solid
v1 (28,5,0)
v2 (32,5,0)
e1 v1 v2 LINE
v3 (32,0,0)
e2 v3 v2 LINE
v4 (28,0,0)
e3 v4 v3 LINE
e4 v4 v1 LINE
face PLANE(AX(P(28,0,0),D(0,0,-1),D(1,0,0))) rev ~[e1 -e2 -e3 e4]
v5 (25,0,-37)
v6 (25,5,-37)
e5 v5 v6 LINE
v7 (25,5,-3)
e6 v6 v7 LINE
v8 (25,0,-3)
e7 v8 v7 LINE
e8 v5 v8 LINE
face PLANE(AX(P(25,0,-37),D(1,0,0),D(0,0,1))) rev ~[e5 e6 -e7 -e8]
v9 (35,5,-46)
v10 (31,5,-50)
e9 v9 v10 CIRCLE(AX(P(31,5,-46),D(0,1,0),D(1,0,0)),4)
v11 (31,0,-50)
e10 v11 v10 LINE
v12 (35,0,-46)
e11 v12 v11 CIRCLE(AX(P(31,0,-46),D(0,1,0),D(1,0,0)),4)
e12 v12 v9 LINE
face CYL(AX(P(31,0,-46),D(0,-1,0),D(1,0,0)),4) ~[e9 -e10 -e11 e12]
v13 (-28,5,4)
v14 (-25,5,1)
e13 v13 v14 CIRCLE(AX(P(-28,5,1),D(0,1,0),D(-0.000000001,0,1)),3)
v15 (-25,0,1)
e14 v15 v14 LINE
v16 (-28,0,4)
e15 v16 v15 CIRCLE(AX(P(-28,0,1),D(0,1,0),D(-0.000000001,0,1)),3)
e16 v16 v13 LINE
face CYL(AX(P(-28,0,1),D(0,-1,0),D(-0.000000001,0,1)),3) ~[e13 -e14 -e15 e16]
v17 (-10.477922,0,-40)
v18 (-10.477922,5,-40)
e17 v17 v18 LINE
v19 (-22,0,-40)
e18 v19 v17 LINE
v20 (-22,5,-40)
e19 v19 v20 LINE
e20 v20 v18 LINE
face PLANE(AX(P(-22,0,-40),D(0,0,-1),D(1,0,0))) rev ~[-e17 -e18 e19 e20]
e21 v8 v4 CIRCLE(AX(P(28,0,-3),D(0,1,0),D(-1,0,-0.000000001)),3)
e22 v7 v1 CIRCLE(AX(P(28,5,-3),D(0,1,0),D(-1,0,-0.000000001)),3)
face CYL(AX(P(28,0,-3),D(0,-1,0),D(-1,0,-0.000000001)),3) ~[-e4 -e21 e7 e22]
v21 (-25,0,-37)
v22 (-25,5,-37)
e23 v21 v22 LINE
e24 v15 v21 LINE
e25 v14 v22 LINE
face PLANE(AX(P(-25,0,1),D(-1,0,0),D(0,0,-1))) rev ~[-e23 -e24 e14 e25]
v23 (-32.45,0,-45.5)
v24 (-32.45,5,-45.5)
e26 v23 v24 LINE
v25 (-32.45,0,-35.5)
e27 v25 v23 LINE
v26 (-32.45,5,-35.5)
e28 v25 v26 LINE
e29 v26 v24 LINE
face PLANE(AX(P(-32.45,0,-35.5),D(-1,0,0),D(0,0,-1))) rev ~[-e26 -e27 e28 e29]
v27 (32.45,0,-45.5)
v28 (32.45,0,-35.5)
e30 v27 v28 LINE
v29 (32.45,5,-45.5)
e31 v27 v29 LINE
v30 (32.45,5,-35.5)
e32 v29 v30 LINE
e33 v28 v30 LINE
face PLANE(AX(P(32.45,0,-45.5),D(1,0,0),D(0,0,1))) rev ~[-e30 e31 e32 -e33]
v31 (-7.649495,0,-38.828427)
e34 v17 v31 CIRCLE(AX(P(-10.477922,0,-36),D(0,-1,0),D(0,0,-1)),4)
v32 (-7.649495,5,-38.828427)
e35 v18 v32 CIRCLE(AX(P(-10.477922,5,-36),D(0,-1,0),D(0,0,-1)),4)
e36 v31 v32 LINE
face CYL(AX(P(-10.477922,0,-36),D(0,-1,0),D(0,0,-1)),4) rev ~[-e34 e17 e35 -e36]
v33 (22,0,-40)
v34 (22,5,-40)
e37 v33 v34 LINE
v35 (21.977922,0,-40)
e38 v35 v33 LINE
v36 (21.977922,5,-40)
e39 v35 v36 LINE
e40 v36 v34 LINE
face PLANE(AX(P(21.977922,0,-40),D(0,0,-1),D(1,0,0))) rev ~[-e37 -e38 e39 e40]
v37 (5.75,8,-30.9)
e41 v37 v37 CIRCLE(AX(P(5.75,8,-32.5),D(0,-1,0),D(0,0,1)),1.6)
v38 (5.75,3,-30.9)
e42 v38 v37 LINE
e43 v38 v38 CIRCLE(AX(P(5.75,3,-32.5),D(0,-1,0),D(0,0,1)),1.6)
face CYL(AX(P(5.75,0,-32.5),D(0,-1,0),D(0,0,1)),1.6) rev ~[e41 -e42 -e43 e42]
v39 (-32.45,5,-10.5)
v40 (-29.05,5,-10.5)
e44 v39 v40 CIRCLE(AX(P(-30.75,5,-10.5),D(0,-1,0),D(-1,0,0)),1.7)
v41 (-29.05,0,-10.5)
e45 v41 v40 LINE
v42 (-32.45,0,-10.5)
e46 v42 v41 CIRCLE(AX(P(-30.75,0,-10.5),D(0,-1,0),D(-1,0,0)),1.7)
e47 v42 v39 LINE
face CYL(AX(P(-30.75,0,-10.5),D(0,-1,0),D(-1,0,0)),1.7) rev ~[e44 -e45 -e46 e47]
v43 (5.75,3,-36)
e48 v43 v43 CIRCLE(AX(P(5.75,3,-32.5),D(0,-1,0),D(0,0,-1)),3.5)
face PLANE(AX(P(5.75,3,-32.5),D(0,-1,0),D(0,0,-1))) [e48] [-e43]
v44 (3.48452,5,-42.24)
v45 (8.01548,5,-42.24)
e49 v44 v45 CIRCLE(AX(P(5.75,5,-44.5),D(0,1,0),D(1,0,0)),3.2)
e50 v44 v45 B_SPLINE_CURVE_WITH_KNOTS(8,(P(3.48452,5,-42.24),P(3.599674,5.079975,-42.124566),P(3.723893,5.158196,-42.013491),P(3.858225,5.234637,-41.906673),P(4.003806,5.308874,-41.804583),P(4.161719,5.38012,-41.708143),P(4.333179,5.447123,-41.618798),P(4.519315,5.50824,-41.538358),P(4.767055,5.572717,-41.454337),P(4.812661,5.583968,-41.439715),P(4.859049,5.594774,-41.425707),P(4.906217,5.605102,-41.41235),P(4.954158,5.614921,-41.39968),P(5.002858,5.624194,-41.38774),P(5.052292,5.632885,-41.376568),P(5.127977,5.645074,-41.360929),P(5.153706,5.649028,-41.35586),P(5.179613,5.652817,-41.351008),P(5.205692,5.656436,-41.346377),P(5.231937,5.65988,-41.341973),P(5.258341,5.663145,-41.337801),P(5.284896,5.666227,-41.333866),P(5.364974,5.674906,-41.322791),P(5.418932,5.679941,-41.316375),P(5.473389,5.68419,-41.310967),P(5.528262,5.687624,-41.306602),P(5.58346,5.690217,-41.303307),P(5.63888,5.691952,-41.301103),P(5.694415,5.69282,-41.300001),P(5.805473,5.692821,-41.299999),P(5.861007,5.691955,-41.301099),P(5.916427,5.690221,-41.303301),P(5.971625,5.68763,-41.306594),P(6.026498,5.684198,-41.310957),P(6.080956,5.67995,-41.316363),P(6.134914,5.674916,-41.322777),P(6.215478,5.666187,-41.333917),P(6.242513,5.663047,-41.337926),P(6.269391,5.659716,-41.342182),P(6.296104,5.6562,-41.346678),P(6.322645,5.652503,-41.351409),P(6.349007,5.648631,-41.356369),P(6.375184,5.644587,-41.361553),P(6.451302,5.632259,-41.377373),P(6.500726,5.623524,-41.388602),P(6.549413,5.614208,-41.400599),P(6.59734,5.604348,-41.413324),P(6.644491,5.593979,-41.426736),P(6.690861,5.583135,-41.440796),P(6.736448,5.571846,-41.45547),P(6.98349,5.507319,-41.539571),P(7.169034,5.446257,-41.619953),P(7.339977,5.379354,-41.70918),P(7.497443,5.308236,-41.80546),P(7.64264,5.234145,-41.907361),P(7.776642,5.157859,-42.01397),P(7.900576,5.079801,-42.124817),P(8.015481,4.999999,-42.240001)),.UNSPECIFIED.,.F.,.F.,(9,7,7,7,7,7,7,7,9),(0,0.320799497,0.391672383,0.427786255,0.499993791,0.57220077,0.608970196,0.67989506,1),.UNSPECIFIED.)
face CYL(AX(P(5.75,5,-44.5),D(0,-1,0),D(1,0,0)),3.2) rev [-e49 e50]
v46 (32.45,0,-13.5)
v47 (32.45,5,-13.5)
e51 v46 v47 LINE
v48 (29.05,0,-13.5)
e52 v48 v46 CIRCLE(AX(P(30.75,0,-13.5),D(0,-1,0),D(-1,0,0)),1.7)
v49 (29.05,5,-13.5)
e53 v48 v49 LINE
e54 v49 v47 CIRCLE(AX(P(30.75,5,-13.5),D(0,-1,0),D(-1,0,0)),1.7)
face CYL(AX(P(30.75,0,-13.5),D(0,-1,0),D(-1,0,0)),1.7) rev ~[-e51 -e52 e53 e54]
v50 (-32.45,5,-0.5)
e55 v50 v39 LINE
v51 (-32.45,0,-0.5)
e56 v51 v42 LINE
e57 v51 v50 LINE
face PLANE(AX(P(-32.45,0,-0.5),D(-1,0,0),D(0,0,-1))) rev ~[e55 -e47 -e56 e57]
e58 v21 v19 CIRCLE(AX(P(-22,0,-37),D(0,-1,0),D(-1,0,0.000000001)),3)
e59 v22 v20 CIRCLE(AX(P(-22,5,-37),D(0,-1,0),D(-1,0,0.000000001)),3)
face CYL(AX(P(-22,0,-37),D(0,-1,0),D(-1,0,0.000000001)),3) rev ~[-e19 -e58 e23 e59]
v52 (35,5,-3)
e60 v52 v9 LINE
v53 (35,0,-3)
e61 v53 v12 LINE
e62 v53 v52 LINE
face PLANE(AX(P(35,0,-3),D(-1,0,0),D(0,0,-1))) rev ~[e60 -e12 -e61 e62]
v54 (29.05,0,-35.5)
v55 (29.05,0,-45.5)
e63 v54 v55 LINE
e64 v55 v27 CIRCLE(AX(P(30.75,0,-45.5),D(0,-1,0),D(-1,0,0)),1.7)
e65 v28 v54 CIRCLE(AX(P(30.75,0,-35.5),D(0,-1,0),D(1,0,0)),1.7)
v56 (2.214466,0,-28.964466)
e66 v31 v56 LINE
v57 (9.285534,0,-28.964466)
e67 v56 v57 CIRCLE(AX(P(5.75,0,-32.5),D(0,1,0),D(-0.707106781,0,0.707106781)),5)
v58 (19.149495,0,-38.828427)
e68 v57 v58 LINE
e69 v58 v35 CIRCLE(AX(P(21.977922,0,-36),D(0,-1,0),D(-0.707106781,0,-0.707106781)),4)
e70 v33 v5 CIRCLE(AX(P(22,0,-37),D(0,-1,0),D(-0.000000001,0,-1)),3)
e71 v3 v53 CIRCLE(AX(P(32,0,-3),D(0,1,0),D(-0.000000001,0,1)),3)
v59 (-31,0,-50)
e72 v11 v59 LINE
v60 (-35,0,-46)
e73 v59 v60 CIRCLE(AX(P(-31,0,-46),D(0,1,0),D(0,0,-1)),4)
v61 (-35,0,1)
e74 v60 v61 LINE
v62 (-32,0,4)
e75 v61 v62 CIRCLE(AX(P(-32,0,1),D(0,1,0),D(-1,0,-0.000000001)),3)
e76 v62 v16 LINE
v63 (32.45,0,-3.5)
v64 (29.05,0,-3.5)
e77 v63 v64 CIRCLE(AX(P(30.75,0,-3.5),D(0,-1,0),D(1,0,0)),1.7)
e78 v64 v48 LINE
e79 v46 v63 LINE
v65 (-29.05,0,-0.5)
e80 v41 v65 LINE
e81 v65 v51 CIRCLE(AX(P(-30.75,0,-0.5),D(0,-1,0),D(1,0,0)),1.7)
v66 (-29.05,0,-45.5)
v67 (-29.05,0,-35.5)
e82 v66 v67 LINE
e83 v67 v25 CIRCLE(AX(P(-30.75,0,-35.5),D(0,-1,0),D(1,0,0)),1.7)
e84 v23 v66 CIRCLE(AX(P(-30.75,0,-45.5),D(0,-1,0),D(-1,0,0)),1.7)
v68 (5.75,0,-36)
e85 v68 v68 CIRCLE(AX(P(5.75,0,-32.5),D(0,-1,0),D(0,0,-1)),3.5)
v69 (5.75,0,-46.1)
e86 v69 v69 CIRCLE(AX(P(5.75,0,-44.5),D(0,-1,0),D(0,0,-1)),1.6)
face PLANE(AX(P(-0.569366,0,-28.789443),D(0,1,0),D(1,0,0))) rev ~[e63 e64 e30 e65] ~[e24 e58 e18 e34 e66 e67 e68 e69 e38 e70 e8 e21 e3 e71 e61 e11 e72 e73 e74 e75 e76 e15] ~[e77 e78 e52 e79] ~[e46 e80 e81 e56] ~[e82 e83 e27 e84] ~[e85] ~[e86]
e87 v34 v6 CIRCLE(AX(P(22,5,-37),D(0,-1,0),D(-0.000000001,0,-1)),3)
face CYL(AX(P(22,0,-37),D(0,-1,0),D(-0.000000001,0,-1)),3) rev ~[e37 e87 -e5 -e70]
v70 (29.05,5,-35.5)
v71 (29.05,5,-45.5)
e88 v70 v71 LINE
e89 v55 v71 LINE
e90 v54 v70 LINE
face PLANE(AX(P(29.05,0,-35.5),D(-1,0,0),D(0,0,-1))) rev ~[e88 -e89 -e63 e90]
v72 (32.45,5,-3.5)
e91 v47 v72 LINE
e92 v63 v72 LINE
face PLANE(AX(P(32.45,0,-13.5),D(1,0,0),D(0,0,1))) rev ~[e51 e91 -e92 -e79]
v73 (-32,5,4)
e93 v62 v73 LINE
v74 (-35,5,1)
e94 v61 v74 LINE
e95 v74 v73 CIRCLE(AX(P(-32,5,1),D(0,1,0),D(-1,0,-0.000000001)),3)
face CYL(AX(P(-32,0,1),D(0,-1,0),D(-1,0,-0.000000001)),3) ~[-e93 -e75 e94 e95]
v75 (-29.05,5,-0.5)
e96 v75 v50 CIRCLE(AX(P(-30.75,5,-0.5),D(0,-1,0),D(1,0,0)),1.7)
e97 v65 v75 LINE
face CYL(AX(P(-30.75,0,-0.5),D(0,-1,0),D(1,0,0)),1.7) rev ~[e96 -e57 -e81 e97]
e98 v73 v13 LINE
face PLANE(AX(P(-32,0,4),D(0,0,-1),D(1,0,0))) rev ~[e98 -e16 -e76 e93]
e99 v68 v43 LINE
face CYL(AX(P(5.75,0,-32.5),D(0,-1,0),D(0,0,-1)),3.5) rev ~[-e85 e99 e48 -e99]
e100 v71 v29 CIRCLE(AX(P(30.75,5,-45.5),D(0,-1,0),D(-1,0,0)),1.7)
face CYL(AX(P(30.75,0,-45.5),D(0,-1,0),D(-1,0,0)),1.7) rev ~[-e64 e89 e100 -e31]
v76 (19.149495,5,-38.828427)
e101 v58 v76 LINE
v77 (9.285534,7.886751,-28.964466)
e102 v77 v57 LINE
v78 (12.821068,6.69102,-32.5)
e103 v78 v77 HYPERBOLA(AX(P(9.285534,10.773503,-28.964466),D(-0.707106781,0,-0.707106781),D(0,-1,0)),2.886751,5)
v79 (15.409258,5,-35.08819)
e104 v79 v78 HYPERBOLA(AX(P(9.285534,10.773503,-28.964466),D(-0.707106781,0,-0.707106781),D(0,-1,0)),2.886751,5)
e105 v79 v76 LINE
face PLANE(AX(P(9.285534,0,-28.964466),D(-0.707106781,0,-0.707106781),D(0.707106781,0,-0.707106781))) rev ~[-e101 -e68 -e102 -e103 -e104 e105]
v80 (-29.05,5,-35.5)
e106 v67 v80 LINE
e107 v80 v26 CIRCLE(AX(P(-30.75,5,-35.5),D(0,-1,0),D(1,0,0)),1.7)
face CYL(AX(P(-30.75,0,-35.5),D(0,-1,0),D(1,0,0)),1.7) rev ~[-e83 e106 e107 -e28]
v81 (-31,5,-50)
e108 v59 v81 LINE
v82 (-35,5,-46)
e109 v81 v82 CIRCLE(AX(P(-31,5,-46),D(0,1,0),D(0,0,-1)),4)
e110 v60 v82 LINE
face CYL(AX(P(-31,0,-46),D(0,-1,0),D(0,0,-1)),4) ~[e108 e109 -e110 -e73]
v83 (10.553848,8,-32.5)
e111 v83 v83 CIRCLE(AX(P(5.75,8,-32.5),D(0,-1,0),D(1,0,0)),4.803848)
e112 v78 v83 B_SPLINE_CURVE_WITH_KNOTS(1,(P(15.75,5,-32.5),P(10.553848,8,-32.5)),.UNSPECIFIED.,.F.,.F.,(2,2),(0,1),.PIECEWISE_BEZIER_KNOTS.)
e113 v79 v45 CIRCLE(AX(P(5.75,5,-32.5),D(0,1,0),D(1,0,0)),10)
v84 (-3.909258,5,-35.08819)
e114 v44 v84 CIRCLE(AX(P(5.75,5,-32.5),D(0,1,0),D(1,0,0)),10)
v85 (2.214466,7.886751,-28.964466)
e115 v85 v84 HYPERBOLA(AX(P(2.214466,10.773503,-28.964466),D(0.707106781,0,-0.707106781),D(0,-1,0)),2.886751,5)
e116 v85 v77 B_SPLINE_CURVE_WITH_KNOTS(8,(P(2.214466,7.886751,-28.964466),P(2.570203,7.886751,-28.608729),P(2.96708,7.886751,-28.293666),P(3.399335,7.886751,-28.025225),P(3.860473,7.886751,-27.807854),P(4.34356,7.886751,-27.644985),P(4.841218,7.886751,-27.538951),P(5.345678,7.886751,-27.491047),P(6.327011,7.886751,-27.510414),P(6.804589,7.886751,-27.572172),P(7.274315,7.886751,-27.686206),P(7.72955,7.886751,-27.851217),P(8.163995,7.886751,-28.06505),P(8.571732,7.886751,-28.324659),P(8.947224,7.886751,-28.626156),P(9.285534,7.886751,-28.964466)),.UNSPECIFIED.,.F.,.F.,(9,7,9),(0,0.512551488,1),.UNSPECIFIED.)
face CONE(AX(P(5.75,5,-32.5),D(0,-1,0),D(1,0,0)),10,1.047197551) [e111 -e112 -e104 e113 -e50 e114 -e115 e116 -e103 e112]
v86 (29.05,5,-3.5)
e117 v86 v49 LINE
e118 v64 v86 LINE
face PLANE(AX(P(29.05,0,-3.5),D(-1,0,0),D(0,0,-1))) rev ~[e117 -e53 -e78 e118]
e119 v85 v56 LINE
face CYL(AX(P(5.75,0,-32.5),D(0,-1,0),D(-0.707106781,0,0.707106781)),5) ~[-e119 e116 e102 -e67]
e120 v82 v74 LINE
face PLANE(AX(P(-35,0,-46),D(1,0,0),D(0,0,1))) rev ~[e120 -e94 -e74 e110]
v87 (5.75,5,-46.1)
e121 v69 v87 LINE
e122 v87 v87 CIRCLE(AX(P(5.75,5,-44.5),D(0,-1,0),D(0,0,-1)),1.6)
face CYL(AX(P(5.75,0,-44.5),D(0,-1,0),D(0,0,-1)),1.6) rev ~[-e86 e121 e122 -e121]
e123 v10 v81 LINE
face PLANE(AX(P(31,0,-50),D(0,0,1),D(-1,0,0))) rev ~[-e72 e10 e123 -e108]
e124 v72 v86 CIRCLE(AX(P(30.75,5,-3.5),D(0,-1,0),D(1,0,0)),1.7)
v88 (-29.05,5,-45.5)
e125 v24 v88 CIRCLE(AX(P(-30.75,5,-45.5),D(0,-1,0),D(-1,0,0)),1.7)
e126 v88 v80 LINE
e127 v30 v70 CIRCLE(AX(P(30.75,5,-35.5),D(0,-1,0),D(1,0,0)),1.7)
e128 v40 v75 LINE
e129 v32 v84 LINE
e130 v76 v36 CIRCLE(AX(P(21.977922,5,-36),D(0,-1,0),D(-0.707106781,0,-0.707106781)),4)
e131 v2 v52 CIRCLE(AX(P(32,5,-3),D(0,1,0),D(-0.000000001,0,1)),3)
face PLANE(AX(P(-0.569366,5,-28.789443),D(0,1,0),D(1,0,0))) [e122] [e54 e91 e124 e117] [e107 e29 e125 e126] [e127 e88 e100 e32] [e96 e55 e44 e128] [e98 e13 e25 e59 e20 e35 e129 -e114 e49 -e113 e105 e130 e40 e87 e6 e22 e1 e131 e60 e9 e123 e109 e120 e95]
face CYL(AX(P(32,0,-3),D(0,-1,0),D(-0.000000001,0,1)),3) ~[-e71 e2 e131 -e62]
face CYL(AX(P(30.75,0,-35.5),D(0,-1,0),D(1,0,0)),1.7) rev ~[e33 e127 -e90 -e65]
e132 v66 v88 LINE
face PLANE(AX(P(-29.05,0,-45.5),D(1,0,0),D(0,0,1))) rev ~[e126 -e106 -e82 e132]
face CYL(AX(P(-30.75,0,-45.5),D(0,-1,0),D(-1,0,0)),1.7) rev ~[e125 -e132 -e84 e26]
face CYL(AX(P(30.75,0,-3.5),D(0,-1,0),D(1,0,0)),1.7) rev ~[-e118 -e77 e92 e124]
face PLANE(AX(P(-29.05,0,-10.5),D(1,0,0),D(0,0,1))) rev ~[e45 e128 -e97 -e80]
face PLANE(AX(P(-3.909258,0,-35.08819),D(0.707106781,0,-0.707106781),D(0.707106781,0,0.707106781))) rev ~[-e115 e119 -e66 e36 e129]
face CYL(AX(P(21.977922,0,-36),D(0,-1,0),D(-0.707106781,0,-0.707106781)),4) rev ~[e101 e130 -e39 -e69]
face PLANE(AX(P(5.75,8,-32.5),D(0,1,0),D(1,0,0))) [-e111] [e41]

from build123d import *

# Parameters (mm, degrees)
SKETCH2_R           = 1.6
BOSS_EXTRUDE1_DEPTH = 5
SKETCH3_R           = 10
BOSS_EXTRUDE2_DEPTH = 3
BOSS_EXTRUDE2_TAPER = 60
CUT_EXTRUDE1_REACH  = 63.555
SKETCH4_R           = 1.6
SKETCH5_R           = 3.5
CUT_EXTRUDE2_DEPTH  = 3
SKETCH6_R           = 3.2
CUT_EXTRUDE3_DEPTH  = 3


with BuildPart() as part:
    # Sketch2 → Boss-Extrude1 (new body)
    with BuildSketch(Plane(origin=(0, 0, 0), x_dir=(1, 0, 0), z_dir=(0, 1, 0))):
        with BuildLine():
            Line((-25, 0), (-25, 37))
            ThreePointArc((-25, 37), (-24.121320344, 39.121320344), (-22, 40))
            Line((-22, 40), (-10.477922061, 40))
            ThreePointArc((-10.477922061, 40), (-8.947188332, 39.69551813), (-7.649494937, 38.828427125))
            Line((-7.649494937, 38.828427125), (2.214466094, 28.964466094))
            ThreePointArc((2.214466094, 28.964466094), (5.75, 27.5), (9.285533906, 28.964466094))
            Line((9.285533906, 28.964466094), (19.149494937, 38.828427125))
            ThreePointArc((19.149494937, 38.828427125), (20.447188332, 39.69551813), (21.977922061, 40))
            Line((21.977922061, 40), (22, 40))
            ThreePointArc((22, 40), (24.121320344, 39.121320344), (25, 37))
            Line((25, 37), (25, 3))
            ThreePointArc((25, 3), (25.878679656, 0.878679656), (28, 0))
            Line((28, 0), (32, 0))
            ThreePointArc((32, 0), (34.121320344, 0.878679656), (35, 3))
            Line((35, 3), (35, 46))
            ThreePointArc((35, 46), (33.828427125, 48.828427125), (31, 50))
            Line((31, 50), (-31, 50))
            ThreePointArc((-31, 50), (-33.828427125, 48.828427125), (-35, 46))
            Line((-35, 46), (-35, 0))
            Line((-35, 0), (-35, -1))
            ThreePointArc((-35, -1), (-34.121320344, -3.121320344), (-32, -4))
            Line((-32, -4), (-28, -4))
            ThreePointArc((-28, -4), (-25.878679656, -3.121320344), (-25, -1))
            Line((-25, -1), (-25, 0))
        make_face()
        with Locations(Location((5.75, 32.5, 0), (0, 0, 270))):
            Circle(SKETCH2_R, mode=Mode.SUBTRACT)
        with BuildLine():
            Line((32.45, 45.5), (32.45, 35.5))
            ThreePointArc((32.45, 35.5), (30.75, 33.8), (29.05, 35.5))
            Line((29.05, 35.5), (29.05, 45.5))
            ThreePointArc((29.05, 45.5), (30.75, 47.2), (32.45, 45.5))
        make_face(mode=Mode.SUBTRACT)
        with BuildLine():
            Line((32.45, 13.5), (32.45, 3.5))
            ThreePointArc((32.45, 3.5), (30.75, 1.8), (29.05, 3.5))
            Line((29.05, 3.5), (29.05, 13.5))
            ThreePointArc((29.05, 13.5), (30.75, 15.2), (32.45, 13.5))
        make_face(mode=Mode.SUBTRACT)
        with BuildLine():
            Line((-29.05, 45.5), (-29.05, 35.5))
            ThreePointArc((-29.05, 35.5), (-30.75, 33.8), (-32.45, 35.5))
            Line((-32.45, 35.5), (-32.45, 45.5))
            ThreePointArc((-32.45, 45.5), (-30.75, 47.2), (-29.05, 45.5))
        make_face(mode=Mode.SUBTRACT)
        with BuildLine():
            Line((-29.05, 10.5), (-29.05, 0.5))
            ThreePointArc((-29.05, 0.5), (-30.75, -1.2), (-32.45, 0.5))
            Line((-32.45, 0.5), (-32.45, 10.5))
            ThreePointArc((-32.45, 10.5), (-30.75, 12.2), (-29.05, 10.5))
        make_face(mode=Mode.SUBTRACT)
    extrude(amount=BOSS_EXTRUDE1_DEPTH)

    # Sketch3 → Boss-Extrude2 (add)
    with BuildSketch(Plane(origin=(0, 5, 0), x_dir=(1, 0, 0), z_dir=(0, 1, 0))):
        with Locations((5.75, 32.5)):
            Circle(SKETCH3_R)
    extrude(amount=BOSS_EXTRUDE2_DEPTH, taper=BOSS_EXTRUDE2_TAPER)

    # Sketch4 → Cut-Extrude1 (cut, up to next)
    with BuildSketch(Plane.XZ, mode=Mode.PRIVATE) as cut_extrude1_sk1:
        with Locations(Location((5.75, -32.5, 0), (0, 0, 90))):
            Circle(SKETCH4_R)
    cut_extrude1_tool1 = extrude(cut_extrude1_sk1.sketch, amount=-CUT_EXTRUDE1_REACH, mode=Mode.PRIVATE) & part.part
    # Sketch4 → Cut-Extrude1 (cut, up to next)
    with BuildSketch(Plane.XZ, mode=Mode.PRIVATE) as cut_extrude1_sk2:
        with Locations(Location((5.75, -44.5, 0), (0, 0, 270))):
            Circle(SKETCH4_R)
    cut_extrude1_tool2 = extrude(cut_extrude1_sk2.sketch, amount=-CUT_EXTRUDE1_REACH, mode=Mode.PRIVATE) & part.part
    # Sketch4 → Cut-Extrude1 (cut, up to next)
    with BuildSketch(Plane.XZ, mode=Mode.PRIVATE) as cut_extrude1_sk3:
        with BuildLine():
            Line((-3.909258263, -35.088190451), (2.214466094, -28.964466094))
            ThreePointArc((2.214466094, -28.964466094), (5.75, -27.5), (9.285533906, -28.964466094))
            Line((9.285533906, -28.964466094), (15.409258263, -35.088190451))
            ThreePointArc((15.409258263, -35.088190451), (5.75, -22.5), (-3.909258263, -35.088190451))
        make_face()
    cut_extrude1_tool3 = extrude(cut_extrude1_sk3.sketch, amount=-CUT_EXTRUDE1_REACH, mode=Mode.PRIVATE) & part.part
    add(cut_extrude1_tool1.solids().sort_by_distance((5.75, 0, -32.5))[0], mode=Mode.SUBTRACT)
    add(cut_extrude1_tool2.solids().sort_by_distance((5.75, 0, -44.5))[0], mode=Mode.SUBTRACT)
    add(cut_extrude1_tool3.solids().sort_by_distance((12.514498, 0, -31.859226))[0], mode=Mode.SUBTRACT)

    # Sketch5 → Cut-Extrude2 (cut)
    with BuildSketch(Plane.XZ):
        with Locations(Location((5.75, -32.5, 0), (0, 0, 270))):
            Circle(SKETCH5_R)
    extrude(amount=-CUT_EXTRUDE2_DEPTH, mode=Mode.SUBTRACT)

    # Sketch6 → Cut-Extrude3 (cut)
    with BuildSketch(Plane(origin=(0, 5, 0), x_dir=(1, 0, 0), z_dir=(0, 1, 0))):
        with Locations((5.75, 44.5)):
            Circle(SKETCH6_R)
    extrude(amount=CUT_EXTRUDE3_DEPTH, mode=Mode.SUBTRACT)


solid = part.part
